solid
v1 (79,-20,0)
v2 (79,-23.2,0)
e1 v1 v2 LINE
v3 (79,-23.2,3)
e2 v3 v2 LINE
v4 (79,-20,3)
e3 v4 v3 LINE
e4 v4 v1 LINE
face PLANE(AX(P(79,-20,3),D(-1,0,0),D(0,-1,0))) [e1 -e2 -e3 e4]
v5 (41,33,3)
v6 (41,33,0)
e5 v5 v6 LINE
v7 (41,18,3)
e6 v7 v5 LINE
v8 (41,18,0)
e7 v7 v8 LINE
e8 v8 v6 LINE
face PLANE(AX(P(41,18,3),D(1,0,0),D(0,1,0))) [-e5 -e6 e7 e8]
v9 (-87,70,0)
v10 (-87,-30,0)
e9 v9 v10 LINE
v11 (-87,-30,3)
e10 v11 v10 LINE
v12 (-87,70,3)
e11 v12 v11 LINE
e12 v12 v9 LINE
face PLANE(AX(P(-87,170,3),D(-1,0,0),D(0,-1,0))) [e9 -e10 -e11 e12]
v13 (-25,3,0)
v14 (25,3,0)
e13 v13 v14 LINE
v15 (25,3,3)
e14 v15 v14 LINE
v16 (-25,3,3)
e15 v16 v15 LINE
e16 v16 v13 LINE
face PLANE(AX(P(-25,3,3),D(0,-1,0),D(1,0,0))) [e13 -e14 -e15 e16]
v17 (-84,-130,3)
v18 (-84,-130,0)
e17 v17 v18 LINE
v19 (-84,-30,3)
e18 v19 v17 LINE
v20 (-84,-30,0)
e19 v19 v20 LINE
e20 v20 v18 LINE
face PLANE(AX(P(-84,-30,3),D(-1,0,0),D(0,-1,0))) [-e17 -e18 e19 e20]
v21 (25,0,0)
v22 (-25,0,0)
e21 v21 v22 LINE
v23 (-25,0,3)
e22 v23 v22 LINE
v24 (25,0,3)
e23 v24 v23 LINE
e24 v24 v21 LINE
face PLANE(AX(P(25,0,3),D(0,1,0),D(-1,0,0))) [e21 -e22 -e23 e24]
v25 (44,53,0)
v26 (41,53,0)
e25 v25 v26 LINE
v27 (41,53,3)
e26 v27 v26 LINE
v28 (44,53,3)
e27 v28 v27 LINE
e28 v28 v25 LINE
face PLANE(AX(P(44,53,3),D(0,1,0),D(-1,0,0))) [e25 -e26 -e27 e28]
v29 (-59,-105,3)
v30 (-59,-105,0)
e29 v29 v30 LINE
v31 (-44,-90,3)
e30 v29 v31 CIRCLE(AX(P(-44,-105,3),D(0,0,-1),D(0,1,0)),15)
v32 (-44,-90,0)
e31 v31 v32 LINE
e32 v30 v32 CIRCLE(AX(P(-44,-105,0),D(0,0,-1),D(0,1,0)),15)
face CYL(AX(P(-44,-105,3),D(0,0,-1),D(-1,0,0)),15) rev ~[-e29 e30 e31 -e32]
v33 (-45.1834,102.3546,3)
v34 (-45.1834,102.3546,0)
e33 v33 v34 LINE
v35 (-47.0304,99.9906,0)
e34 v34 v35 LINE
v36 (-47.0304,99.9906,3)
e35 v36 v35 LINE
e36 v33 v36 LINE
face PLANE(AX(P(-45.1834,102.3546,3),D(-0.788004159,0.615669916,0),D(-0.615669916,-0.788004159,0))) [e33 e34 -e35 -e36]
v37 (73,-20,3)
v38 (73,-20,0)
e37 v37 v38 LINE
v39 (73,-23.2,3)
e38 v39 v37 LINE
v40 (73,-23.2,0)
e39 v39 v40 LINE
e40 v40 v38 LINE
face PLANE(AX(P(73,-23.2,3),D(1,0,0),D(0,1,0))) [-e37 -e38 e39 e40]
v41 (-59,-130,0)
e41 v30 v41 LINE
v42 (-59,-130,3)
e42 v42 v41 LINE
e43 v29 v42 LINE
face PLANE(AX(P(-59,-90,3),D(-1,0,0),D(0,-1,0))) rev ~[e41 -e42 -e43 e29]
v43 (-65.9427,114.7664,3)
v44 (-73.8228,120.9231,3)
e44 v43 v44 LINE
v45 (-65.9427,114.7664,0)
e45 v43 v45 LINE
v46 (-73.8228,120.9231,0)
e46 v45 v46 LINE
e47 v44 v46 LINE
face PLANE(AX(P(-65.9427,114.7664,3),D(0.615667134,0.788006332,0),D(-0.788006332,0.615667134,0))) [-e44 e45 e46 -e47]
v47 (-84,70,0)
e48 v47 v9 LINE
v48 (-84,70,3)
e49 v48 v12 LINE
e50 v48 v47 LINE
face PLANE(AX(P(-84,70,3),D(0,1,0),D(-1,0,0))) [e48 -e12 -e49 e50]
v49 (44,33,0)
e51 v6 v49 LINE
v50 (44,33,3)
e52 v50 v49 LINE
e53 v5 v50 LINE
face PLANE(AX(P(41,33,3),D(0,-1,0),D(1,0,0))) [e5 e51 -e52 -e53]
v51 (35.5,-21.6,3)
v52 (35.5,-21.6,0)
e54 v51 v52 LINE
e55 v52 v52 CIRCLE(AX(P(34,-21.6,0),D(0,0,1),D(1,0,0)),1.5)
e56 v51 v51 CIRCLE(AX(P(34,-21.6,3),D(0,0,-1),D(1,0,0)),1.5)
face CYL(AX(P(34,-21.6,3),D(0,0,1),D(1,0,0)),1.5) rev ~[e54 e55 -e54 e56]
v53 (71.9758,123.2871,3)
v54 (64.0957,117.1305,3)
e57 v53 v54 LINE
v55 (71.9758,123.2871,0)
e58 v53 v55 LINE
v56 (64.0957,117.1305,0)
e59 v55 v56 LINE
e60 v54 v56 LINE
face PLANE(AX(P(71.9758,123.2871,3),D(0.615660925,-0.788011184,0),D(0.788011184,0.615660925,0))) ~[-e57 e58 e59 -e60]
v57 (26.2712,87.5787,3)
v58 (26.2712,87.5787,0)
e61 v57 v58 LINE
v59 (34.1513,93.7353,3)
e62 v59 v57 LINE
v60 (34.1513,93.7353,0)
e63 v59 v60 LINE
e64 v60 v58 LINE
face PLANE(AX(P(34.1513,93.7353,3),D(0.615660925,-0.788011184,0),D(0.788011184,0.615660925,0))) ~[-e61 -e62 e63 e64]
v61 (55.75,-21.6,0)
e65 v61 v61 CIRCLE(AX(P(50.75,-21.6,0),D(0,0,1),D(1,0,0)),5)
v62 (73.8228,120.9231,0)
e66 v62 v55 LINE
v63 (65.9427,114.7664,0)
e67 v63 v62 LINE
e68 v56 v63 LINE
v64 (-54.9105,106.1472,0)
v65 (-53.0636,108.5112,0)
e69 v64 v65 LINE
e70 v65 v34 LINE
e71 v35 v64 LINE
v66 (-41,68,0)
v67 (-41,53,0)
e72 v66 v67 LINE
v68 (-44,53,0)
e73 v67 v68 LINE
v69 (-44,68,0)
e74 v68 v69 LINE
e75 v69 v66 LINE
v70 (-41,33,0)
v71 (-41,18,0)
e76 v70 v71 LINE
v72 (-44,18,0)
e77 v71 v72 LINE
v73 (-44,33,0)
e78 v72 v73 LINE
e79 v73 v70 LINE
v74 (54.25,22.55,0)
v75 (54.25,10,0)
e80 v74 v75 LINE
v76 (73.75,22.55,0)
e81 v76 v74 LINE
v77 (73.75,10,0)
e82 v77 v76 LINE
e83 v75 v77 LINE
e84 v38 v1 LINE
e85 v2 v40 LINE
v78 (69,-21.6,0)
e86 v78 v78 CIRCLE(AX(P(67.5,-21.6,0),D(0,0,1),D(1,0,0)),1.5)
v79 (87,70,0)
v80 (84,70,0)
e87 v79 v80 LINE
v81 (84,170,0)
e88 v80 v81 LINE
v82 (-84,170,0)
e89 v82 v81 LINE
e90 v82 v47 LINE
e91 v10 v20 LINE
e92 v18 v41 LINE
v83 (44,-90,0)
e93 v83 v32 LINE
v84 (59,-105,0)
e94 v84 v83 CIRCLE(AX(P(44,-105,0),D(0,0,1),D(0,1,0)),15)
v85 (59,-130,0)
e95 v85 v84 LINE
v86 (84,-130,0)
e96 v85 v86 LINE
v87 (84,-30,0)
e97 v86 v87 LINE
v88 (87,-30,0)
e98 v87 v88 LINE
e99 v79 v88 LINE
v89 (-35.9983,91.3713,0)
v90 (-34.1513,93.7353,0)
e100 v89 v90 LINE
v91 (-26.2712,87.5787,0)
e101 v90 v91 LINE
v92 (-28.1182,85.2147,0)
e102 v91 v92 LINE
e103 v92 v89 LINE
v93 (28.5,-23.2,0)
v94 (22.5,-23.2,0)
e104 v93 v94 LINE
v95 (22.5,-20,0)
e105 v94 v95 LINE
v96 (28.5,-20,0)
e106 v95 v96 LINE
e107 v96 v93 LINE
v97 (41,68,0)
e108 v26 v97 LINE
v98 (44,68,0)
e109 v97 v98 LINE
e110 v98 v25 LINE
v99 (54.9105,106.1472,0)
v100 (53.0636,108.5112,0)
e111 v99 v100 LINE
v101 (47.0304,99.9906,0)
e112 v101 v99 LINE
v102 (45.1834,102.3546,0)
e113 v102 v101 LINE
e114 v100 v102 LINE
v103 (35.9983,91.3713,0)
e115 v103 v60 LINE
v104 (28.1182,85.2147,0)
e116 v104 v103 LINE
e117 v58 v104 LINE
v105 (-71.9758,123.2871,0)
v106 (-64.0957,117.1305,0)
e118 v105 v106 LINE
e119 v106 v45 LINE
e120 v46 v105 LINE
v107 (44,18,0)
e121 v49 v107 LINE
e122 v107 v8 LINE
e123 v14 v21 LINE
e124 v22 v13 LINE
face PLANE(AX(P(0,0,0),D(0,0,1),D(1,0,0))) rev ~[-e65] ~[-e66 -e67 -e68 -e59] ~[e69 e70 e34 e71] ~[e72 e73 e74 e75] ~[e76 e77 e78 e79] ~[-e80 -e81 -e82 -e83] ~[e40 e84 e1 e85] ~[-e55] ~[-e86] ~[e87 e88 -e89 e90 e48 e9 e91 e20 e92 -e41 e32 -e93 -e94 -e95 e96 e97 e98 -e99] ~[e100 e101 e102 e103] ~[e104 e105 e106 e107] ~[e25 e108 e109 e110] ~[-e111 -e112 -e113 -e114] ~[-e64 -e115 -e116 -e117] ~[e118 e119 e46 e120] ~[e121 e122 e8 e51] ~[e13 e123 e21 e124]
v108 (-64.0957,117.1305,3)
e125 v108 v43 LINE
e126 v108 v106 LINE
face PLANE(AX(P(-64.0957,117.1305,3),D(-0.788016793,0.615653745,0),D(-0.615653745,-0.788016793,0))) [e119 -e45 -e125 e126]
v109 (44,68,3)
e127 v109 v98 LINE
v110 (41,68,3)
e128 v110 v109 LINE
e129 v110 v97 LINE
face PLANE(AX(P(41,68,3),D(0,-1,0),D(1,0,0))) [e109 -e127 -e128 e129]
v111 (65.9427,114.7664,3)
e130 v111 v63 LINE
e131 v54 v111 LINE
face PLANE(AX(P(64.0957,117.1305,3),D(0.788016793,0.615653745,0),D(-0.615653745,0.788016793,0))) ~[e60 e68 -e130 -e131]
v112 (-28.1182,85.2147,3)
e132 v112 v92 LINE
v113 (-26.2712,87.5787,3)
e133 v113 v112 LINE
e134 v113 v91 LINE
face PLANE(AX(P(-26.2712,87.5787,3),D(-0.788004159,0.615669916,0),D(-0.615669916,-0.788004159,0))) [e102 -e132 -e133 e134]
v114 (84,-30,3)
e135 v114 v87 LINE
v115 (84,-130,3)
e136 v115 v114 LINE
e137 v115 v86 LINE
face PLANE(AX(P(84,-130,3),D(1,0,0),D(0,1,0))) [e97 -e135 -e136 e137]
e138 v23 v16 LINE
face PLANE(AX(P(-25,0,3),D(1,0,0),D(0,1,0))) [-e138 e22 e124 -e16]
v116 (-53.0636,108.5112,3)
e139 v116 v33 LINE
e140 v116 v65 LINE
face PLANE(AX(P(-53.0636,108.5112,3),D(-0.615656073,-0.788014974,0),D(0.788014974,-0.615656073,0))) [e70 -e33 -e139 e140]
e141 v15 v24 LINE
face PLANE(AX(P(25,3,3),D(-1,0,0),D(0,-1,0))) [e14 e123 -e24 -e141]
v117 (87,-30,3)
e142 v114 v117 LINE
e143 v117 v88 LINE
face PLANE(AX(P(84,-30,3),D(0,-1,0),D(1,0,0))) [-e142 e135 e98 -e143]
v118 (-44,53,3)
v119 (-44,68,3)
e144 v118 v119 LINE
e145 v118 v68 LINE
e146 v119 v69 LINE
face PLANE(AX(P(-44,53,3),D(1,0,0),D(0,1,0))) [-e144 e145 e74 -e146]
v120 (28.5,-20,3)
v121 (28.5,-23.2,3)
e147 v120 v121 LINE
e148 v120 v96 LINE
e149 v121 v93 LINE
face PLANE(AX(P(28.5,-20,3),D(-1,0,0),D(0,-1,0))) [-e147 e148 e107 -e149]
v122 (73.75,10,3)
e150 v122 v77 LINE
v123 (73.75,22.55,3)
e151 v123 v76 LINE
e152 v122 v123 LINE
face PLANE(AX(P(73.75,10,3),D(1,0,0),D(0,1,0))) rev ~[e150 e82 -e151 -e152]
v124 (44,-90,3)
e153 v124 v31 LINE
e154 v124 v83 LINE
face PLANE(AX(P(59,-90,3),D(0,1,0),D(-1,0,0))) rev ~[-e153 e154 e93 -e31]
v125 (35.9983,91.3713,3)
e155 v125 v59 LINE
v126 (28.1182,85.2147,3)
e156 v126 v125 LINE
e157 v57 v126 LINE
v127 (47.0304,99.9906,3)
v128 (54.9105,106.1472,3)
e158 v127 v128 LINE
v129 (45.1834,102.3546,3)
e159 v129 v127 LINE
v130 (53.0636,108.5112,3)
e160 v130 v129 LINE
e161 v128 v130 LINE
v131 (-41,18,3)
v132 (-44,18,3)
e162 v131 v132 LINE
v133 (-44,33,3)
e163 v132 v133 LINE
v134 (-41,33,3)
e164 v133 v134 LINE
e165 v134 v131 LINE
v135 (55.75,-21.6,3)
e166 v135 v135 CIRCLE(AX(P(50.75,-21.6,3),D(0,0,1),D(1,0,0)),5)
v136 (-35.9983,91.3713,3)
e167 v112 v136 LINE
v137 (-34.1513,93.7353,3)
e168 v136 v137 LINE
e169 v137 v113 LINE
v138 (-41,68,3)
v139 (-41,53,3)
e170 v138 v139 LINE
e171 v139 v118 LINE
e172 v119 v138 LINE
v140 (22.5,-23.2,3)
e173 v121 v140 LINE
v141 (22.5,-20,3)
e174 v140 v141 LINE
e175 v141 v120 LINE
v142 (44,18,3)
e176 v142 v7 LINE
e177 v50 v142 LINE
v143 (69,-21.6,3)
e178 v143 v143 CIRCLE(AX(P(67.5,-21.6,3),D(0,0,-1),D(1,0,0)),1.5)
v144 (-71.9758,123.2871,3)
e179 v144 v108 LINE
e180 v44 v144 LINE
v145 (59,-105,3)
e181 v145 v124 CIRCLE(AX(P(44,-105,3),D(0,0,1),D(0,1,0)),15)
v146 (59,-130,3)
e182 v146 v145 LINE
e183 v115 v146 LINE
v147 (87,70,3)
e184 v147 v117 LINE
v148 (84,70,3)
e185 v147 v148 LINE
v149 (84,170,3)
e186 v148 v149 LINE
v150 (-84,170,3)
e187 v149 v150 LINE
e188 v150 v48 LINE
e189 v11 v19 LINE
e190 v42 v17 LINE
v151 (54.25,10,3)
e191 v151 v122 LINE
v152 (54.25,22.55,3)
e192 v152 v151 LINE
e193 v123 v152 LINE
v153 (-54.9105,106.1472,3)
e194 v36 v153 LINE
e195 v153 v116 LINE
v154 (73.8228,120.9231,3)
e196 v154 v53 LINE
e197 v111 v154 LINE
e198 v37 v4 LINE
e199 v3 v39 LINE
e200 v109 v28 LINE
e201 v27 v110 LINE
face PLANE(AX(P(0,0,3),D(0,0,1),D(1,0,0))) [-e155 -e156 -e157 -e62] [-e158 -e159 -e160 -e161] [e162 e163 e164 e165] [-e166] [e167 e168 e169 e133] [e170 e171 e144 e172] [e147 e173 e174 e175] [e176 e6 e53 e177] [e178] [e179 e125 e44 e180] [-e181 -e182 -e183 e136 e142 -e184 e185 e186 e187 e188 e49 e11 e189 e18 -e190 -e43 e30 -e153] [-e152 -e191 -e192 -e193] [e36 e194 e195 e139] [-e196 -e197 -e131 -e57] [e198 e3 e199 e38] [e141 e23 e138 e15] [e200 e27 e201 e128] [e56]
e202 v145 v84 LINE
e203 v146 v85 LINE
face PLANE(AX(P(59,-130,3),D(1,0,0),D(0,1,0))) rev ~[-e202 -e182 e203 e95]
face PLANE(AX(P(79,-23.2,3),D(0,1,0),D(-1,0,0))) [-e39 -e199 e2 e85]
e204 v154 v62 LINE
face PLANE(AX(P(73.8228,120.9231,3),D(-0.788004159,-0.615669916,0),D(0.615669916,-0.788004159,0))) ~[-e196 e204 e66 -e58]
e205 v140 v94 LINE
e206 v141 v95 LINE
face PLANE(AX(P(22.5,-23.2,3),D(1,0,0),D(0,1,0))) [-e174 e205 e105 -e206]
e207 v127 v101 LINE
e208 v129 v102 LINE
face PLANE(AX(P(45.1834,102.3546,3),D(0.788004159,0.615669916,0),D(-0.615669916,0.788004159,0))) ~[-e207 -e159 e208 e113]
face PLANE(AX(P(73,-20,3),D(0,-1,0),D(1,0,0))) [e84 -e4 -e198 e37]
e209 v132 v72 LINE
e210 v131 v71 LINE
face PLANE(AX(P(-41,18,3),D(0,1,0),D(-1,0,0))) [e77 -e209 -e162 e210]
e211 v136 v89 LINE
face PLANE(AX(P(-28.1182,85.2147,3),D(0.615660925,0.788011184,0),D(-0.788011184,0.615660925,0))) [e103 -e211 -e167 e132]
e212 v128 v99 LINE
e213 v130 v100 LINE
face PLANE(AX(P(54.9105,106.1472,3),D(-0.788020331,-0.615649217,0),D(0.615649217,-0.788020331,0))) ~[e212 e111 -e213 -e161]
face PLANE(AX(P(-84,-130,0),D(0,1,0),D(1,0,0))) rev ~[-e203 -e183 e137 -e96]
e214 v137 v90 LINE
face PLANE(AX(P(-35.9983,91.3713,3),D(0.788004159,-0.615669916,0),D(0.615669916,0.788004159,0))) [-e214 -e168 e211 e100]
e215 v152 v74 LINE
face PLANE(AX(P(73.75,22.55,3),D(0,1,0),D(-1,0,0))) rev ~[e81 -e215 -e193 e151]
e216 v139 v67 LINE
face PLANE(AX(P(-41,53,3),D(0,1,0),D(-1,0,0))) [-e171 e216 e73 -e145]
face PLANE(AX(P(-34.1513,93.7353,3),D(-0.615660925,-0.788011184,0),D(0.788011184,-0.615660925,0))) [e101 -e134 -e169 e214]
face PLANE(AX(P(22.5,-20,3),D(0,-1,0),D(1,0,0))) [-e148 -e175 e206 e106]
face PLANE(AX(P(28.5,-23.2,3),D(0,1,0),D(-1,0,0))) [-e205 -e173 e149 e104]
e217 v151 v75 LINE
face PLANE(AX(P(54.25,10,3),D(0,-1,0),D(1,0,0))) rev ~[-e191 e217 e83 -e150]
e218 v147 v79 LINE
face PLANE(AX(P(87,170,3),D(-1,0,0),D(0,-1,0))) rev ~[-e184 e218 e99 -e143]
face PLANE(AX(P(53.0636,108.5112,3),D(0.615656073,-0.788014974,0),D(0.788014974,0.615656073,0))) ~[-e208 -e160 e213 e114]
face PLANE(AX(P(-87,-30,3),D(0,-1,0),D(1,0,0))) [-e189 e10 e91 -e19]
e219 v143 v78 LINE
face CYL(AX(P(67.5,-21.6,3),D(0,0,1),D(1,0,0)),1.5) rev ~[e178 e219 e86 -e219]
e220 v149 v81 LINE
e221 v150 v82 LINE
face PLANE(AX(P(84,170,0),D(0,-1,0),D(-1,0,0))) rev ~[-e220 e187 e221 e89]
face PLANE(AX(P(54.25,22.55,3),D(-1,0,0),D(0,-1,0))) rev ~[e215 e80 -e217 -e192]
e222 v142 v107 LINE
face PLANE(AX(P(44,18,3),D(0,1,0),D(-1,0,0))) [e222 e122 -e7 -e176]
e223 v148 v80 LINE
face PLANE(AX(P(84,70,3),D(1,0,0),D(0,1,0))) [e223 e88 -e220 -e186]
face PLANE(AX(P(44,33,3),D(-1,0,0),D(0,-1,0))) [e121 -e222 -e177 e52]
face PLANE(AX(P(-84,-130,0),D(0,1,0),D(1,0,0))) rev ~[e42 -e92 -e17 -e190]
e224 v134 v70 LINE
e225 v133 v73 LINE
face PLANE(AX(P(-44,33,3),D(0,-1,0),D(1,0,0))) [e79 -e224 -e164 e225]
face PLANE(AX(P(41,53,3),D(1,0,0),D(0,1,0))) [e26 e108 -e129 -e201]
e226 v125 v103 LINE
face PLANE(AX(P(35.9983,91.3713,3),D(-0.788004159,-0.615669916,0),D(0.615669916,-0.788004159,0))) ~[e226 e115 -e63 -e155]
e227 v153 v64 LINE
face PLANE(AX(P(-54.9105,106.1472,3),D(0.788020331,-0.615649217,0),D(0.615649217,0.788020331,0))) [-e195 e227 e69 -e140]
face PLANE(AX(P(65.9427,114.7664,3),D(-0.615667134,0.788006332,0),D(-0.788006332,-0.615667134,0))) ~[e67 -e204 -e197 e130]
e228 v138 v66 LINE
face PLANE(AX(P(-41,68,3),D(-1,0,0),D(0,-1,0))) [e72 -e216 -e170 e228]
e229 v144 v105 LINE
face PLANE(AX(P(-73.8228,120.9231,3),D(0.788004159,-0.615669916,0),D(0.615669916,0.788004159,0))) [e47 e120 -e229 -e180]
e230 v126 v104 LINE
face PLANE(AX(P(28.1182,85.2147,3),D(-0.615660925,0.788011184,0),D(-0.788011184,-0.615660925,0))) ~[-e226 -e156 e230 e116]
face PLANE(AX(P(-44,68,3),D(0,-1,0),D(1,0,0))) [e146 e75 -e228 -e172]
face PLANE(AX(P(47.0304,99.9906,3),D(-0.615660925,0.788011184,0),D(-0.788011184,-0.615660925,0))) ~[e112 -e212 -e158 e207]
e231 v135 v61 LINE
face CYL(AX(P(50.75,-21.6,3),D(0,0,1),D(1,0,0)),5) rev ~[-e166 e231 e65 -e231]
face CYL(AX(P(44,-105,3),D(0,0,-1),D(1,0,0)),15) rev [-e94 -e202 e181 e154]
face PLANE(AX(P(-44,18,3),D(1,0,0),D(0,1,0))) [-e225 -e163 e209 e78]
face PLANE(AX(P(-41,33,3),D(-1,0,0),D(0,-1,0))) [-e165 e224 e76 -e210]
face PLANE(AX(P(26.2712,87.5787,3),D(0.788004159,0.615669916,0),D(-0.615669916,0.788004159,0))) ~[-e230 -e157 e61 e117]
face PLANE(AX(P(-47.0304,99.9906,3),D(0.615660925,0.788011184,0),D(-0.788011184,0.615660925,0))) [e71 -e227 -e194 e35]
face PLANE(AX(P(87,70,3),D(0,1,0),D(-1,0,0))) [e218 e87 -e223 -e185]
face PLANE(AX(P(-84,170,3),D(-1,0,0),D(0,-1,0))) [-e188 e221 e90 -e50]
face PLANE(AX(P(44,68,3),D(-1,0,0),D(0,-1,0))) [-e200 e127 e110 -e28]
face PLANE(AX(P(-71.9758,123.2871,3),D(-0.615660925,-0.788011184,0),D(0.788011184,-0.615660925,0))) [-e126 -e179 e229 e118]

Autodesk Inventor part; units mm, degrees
ref_plane "YZ Plane" through (0, 0, 0) normal (1, 0, 0) x (0, 1, 0)
ref_plane "XZ Plane" through (0, 0, 0) normal (0, 1, 0) x (-1, 0, 0)
ref_plane "XY Plane" through (0, 0, 0) normal (0, 0, 1) x (1, 0, 0)
sketch "Sketch1" plane through (0, 0, 0) normal (0, 0, 1) x (1, 0, 0)
  line L0 (-84, -130) -> (-84, 170) projected
  line L1 (84, -130) -> (84, 170) projected
  line L2 (-84, -130) -> (84, -130)
  line L3 (84, -130) -> (84, 170)
  line L4 (84, 170) -> (-84, 170)
  line L5 (-84, 170) -> (-84, -130)
  point P0 (0, 0)
extrude "Extrusion1" add sketch "Sketch1" along normal blind 3
sketch "Sketch2" plane through (0, 0, 3) normal (0, 0, 1) x (1, 0, 0)
  line L0 (-26.2712, 87.5787) -> (-28.1182, 85.2147)
  line L1 (-28.1182, 85.2147) -> (-35.9983, 91.3713)
  line L2 (-35.9983, 91.3713) -> (-34.1513, 93.7353)
  line L3 (-34.1513, 93.7353) -> (-26.2712, 87.5787)
  line L4 (-54.9105, 106.1472) -> (-53.0636, 108.5112)
  line L5 (-53.0636, 108.5112) -> (-45.1834, 102.3546)
  line L6 (-45.1834, 102.3546) -> (-47.0304, 99.9906)
  line L7 (-47.0304, 99.9906) -> (-54.9105, 106.1472)
  line L8 (-64.0957, 117.1305) -> (-65.9427, 114.7664)
  line L9 (-65.9427, 114.7664) -> (-73.8228, 120.9231)
  line L10 (-73.8228, 120.9231) -> (-71.9758, 123.2871)
  line L11 (-71.9758, 123.2871) -> (-64.0957, 117.1305)
  point P0 (0, 0)
extrude "Extrusion2" cut sketch "Sketch2" against normal blind 10
mirror "Mirror1" about plane through (0, 0, 0) normal (1, 0, 0) of "Extrusion2"
sketch "Sketch3" plane through (0, 0, 3) normal (0, 0, 1) x (1, 0, 0)
  line L0 (44, 18) -> (41, 18)
  line L1 (41, 18) -> (41, 33)
  line L2 (41, 33) -> (44, 33)
  line L3 (44, 33) -> (44, 18)
  line L4 (44, 53) -> (41, 53)
  line L5 (41, 53) -> (41, 68)
  line L6 (41, 68) -> (44, 68)
  line L7 (44, 68) -> (44, 53)
  line L8 (-41, 18) -> (-44, 18)
  line L9 (-44, 18) -> (-44, 33)
  line L10 (-44, 33) -> (-41, 33)
  line L11 (-41, 33) -> (-41, 18)
  line L12 (-41, 53) -> (-44, 53)
  line L13 (-44, 53) -> (-44, 68)
  line L14 (-44, 68) -> (-41, 68)
  line L15 (-41, 68) -> (-41, 53)
  point P0 (0, 0)
extrude "Extrusion3" cut sketch "Sketch3" against normal blind 10
sketch "Sketch4" plane through (0, 0, 3) normal (0, 0, 1) x (1, 0, 0)
  line L0 (84, -130) -> (84, 170) projected
  line L1 (84, 170) -> (87, 170)
  line L2 (87, 170) -> (87, -130)
  line L3 (87, -130) -> (84, -130)
  line L4 (84, -130) -> (84, 170)
  line L5 (-84, -130) -> (84, -130) projected
  line L6 (0, 0) -> (0, -130) construction
  line L7 (-84, -130) -> (-84, 170)
  line L8 (-84, 170) -> (-87, 170)
  line L9 (-87, 170) -> (-87, -130)
  line L10 (-87, -130) -> (-84, -130)
  line L11 (-84, -130) -> (-84, 170)
  dimension "d6" = 3
extrude "Extrusion4" add sketch "Sketch4" against normal up to surface (3 mm away)
sketch "Sketch5" plane through (0, 0, 3) normal (0, 0, 1) x (1, 0, 0)
  line L0 (-87, 170) -> (-84, 170)
  line L1 (-84, 170) -> (-84, 70)
  line L2 (-84, 70) -> (-87, 70)
  line L3 (-87, 70) -> (-87, 170)
  line L4 (-84, -130) -> (-87, -130)
  line L5 (-87, -130) -> (-87, -30)
  line L6 (-87, -30) -> (-84, -30)
  line L7 (-84, -30) -> (-84, -130)
  line L8 (84, 170) -> (87, 170)
  line L9 (87, 170) -> (87, 70)
  line L10 (87, 70) -> (84, 70)
  line L11 (84, 70) -> (84, 170)
  line L12 (87, -130) -> (84, -130)
  line L13 (84, -130) -> (84, -30)
  line L14 (84, -30) -> (87, -30)
  line L15 (87, -30) -> (87, -130)
  point P0 (0, 0)
extrude "Extrusion5" cut sketch "Sketch5" against normal blind 10
sketch "Sketch6" plane through (0, 0, 3) normal (0, 0, 1) x (1, 0, 0)
  line L0 (84, -130) -> (-84, -130) projected
  line L1 (-59, -130) -> (59, -130)
  line L2 (59, -130) -> (59, -90)
  line L3 (59, -90) -> (-59, -90)
  line L4 (-59, -90) -> (-59, -130)
  line L5 (84, -130) -> (84, -30) projected
  line L6 (-84, -30) -> (-84, -130) projected
  point P0 (0, 0)
  dimension "d11" = 40
  dimension "d12" = 25
  dimension "d13" = 25
extrude "Extrusion6" cut sketch "Sketch6" against normal blind 10
fillet "Fillet1" radius 15 2 edges at (-59, -90, 1.5) (59, -90, 1.5)
sketch "Sketch8" plane through (0, 0, 3) normal (0, 0, 1) x (1, 0, 0)
  line L0 (73, -23.2) -> (73, -20)
  line L1 (73, -20) -> (79, -20)
  line L2 (79, -20) -> (79, -23.2)
  line L3 (79, -23.2) -> (73, -23.2)
  line L4 (22.5, -23.2) -> (22.5, -20)
  line L5 (22.5, -20) -> (28.5, -20)
  line L6 (28.5, -20) -> (28.5, -23.2)
  line L7 (28.5, -23.2) -> (22.5, -23.2)
  line L8 (32.5, -23.2) -> (35.5, -23.2) projected
  line L9 (35.5, -23.2) -> (35.5, -20) projected
  line L10 (32.5, -20) -> (35.5, -20) projected
  line L11 (32.5, -23.2) -> (32.5, -20) projected
  line L12 (66, -23.2) -> (69, -23.2) projected
  line L13 (69, -23.2) -> (69, -20) projected
  line L14 (66, -20) -> (69, -20) projected
  line L15 (66, -23.2) -> (66, -20) projected
  line L16 (32.5, -20) -> (35.5, -23.2) construction
  line L17 (69, -23.2) -> (66, -20) construction
  circle A0 centre (67.5, -21.6) radius 1.5
  circle A1 centre (34, -21.6) radius 1.5
  point P0 (0, 0)
  dimension "d33" = 3
  dimension "d34" = 3
extrude "Extrusion8" cut sketch "Sketch8" against normal blind 10 contours L0 L1 L2 L3 | L4 L5 L6 L7 | A1 | A0
sketch "Sketch7" plane through (0, 0, 3) normal (0, 0, 1) x (1, 0, 0)
  line L0 (44, 33) -> (44, 18) projected
  line L1 (44, 18) -> (41, 18) projected
  line L2 (54.25, 10) -> (73.75, 10)
  line L3 (73.75, 10) -> (73.75, 22.55)
  line L4 (73.75, 22.55) -> (54.25, 22.55)
  line L5 (54.25, 22.55) -> (54.25, 10)
  line L6 (54.25, 10) -> (73.75, 22.55) construction
  line L7 (73.75, 10) -> (54.25, 22.55) construction
  line L8 (64, 19.1981) -> (64, 44.4042) construction
  line L9 (87, -30) -> (87, 70) construction
  line L10 (84, -130) -> (84, -30) projected
  line L11 (44, 18) -> (44, 33) construction
  line L12 (44, 19.1981) -> (84, 19.1981) construction
  circle A0 centre (50.75, -21.6) radius 5
  line L13 (28.5, -20) -> (28.5, -23.2) construction
  line L14 (73, -23.2) -> (73, -20) construction
  line L15 (28.5, -23.2) -> (28.5, -20) construction
  line L16 (28.5, -21.6) -> (73, -21.6) construction
  point P0 (0, 0)
  point P1 (64, 16.275)
  point P2 (64, 16.275)
  dimension "d23" = 12.55
  dimension "d24" = 19.5
  dimension "d29" = 8
  dimension "d30" = 10
extrude "Extrusion7" cut sketch "Sketch7" against normal blind 10
sketch "Sketch9" plane through (0, 0, 3) normal (0, 0, 1) x (1, 0, 0)
  line L0 (25, 3) -> (25, 0)
  line L1 (25, 0) -> (-25, 0)
  line L2 (-25, 0) -> (-25, 3)
  line L3 (-25, 3) -> (25, 3)
  point P0 (0, 0)
extrude "Extrusion9" cut sketch "Sketch9" against normal blind 10
properties part number "Pared_Frontal"
